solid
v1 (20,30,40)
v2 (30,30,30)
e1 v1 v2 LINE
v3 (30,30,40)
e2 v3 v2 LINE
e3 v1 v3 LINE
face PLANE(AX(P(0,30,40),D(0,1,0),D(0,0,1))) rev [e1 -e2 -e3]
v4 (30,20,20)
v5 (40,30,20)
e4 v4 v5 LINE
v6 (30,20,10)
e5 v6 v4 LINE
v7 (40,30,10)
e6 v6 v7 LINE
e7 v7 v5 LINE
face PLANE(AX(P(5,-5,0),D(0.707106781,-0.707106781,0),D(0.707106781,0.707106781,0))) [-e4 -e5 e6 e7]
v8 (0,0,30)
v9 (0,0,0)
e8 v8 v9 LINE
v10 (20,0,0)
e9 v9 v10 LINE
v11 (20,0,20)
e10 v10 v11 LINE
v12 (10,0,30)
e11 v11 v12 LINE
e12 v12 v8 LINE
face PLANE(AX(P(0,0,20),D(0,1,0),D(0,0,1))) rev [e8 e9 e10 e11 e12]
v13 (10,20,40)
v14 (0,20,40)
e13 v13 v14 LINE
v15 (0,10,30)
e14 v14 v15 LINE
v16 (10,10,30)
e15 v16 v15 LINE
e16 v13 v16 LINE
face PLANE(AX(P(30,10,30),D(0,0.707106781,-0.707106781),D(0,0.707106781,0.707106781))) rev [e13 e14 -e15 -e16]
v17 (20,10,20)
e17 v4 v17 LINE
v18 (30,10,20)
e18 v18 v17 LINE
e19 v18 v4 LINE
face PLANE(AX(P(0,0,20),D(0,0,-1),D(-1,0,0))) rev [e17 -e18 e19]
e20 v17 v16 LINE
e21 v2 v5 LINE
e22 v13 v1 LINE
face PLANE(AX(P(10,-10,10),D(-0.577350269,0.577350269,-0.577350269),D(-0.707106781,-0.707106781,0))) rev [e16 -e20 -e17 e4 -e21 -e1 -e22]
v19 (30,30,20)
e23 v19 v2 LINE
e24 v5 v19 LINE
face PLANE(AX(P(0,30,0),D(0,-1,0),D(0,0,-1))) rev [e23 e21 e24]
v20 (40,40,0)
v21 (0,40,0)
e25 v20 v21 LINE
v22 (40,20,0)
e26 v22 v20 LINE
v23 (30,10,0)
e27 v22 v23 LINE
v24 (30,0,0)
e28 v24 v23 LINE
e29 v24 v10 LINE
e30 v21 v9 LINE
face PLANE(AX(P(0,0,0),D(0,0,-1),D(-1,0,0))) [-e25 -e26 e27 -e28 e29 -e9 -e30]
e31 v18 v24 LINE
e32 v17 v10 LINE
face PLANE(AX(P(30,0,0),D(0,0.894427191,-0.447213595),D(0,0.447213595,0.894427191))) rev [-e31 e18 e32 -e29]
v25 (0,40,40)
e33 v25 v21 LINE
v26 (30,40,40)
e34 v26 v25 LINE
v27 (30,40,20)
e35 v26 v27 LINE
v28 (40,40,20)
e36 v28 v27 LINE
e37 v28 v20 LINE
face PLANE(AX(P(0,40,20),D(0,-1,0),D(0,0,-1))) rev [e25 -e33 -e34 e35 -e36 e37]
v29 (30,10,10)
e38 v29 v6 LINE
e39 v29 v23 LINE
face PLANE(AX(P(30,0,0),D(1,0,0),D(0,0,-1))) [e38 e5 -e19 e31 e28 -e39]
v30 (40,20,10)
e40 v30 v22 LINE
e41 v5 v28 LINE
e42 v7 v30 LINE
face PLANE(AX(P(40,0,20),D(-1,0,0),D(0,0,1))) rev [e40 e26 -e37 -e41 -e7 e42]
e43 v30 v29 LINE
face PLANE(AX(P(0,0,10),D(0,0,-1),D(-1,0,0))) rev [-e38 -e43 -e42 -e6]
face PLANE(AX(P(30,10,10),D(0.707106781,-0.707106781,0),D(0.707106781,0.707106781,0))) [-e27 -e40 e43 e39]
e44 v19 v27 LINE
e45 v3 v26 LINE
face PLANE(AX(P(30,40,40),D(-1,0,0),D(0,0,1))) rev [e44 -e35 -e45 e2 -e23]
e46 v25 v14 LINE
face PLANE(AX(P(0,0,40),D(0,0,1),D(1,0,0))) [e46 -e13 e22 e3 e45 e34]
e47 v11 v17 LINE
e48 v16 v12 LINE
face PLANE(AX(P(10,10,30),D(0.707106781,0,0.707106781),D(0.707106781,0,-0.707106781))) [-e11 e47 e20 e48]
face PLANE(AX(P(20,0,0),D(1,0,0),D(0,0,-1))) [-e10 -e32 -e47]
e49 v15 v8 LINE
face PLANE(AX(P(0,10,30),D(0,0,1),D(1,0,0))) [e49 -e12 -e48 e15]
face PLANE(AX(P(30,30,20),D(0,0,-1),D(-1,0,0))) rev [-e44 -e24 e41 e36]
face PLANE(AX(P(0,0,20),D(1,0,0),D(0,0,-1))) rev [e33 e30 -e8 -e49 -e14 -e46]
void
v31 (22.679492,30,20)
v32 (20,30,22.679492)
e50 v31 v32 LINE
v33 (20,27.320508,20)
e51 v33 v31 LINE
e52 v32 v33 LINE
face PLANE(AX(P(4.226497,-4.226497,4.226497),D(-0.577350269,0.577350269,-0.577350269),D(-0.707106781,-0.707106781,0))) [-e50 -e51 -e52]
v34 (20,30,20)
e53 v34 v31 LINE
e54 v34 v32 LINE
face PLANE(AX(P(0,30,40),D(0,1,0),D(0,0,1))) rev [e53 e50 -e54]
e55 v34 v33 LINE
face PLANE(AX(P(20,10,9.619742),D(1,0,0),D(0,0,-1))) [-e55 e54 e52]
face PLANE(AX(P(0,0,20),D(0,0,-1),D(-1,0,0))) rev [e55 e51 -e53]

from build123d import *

# Parameters (mm, degrees)
SKETCH1_W            = 40
SKETCH1_H            = 40
BOSS_EXTRUDE1_DEPTH  = 20
CUT_EXTRUDE1_DEPTH   = 20
BOSS_EXTRUDE2_DEPTH  = 10
BOSS_EXTRUDE3_DEPTH  = 10
SKETCH5_W            = 10
SKETCH5_H            = 12.477634561
BOSS_EXTRUDE4_DEPTH  = 20
BOSS_EXTRUDE5_DEPTH  = 10
SKETCH7_W            = 30
SKETCH7_H            = 10
BOSS_EXTRUDE6_DEPTH  = 20
BOSS_EXTRUDE7_DEPTH  = 10
BOSS_EXTRUDE8_DEPTH  = 20
SKETCH13_W           = 10
SKETCH13_H           = 10
BOSS_EXTRUDE10_DEPTH = 10
BOSS_EXTRUDE13_DEPTH = 10
SKETCH15_W           = 20
SKETCH15_H           = 30.380258446
BOSS_EXTRUDE15_DEPTH = 30
CUT_EXTRUDE2_DEPTH   = 30
CUT_EXTRUDE3_DEPTH   = 30
CUT_EXTRUDE4_DEPTH   = 30
CUT_EXTRUDE5_DEPTH   = 30
BOSS_EXTRUDE16_DEPTH = 10
CUT_EXTRUDE6_DEPTH   = 10
SKETCH25_W           = 10
SKETCH25_H           = 10
CUT_EXTRUDE7_DEPTH   = 10


with BuildPart() as part:
    # Sketch1 → Boss-Extrude1 (new body)
    with BuildSketch(Plane.XY):
        with Locations((20, 20)):
            Rectangle(SKETCH1_W, SKETCH1_H)
    extrude(amount=BOSS_EXTRUDE1_DEPTH)

    # Sketch2 → Cut-Extrude1 (cut)
    with BuildSketch(Plane.XY.offset(20)):
        Polygon((20, 10), (20, 0), (40, 0), (40, 30), align=None)
    extrude(amount=-CUT_EXTRUDE1_DEPTH, mode=Mode.SUBTRACT)

    # Sketch3 → Boss-Extrude2 (add)
    with BuildSketch(Plane.XZ):
        Polygon((20, 20), (0, 20), (0, 30), (10, 30), align=None)
    extrude(amount=-BOSS_EXTRUDE2_DEPTH)

    # Sketch4 → Boss-Extrude3 (add)
    with BuildSketch(Plane(origin=(20, 0, 0), x_dir=(0, 0, -1), z_dir=(1, 0, 0))):
        Polygon((0, 0), (-20, 10), (0, 10), align=None)
    extrude(amount=BOSS_EXTRUDE3_DEPTH)

    # Sketch5 → Boss-Extrude4 (add)
    with BuildSketch(Plane.XY.offset(20)):
        with Locations((25, 16.238817281)):
            Rectangle(SKETCH5_W, SKETCH5_H)
    extrude(amount=-BOSS_EXTRUDE4_DEPTH)

    # Sketch6 → Boss-Extrude5 (add)
    with BuildSketch(Plane(origin=(0, 0, 0), x_dir=(-1, 0, 0), z_dir=(0, 0, -1))):
        Polygon((-30, 10), (-40, 20), (-40, 30), (-30, 20), align=None)
    extrude(amount=-BOSS_EXTRUDE5_DEPTH)

    # Sketch7 → Boss-Extrude6 (add)
    with BuildSketch(Plane.XY.offset(20)):
        with Locations((15, 35)):
            Rectangle(SKETCH7_W, SKETCH7_H)
    extrude(amount=BOSS_EXTRUDE6_DEPTH)

    # Sketch8 → Boss-Extrude7 (add)
    with BuildSketch(Plane.ZY):
        Polygon((40, 30), (40, 20), (30, 10), (20, 10), (20, 30), align=None)
    extrude(amount=-BOSS_EXTRUDE7_DEPTH)

    # Sketch9 → Boss-Extrude8 (add)
    with BuildSketch(Plane.XY.offset(40)):
        Polygon((10, 20), (20, 30), (10, 30), align=None)
    extrude(amount=-BOSS_EXTRUDE8_DEPTH)

    # Sketch13 → Boss-Extrude10 (add)
    with BuildSketch(Plane(origin=(0, 40, 0), x_dir=(1, 0, 0), z_dir=(0, 1, 0))):
        with Locations((35, -25)):
            Rectangle(SKETCH13_W, SKETCH13_H)
    extrude(amount=-BOSS_EXTRUDE10_DEPTH)

    # Sketch12 → Boss-Extrude13 (add)
    with BuildSketch(Plane(origin=(10, -10, 10), x_dir=(-0.816496581, -0.40824829, 0.40824829), z_dir=(-0.577350269, 0.577350269, -0.577350269))):
        Polygon((-12.247448714, 21.213203436), (0, 42.426406871), (-12.247448714, 49.497474683), (-24.494897428, 28.284271247), align=None)
    extrude(amount=BOSS_EXTRUDE13_DEPTH)

    # Sketch15 → Boss-Extrude15 (add)
    with BuildSketch(Plane(origin=(0, 40, 0), x_dir=(1, 0, 0), z_dir=(0, 1, 0))):
        with Locations((10, -24.809870777)):
            Rectangle(SKETCH15_W, SKETCH15_H)
    extrude(amount=-BOSS_EXTRUDE15_DEPTH)

    # Sketch17 → Cut-Extrude2 (cut)
    with BuildSketch(Plane(origin=(10, -10, 10), x_dir=(-0.816496581, -0.40824829, 0.40824829), z_dir=(-0.577350269, 0.577350269, -0.577350269))):
        Polygon((-12.247448714, 49.497474683), (0, 42.426406871), (-12.247448714, 21.213203436), align=None)
    extrude(amount=-CUT_EXTRUDE2_DEPTH, mode=Mode.SUBTRACT)

    # Sketch18 → Cut-Extrude3 (cut)
    with BuildSketch(Plane(origin=(10, -10, 10), x_dir=(-0.816496581, -0.40824829, 0.40824829), z_dir=(-0.577350269, 0.577350269, -0.577350269))):
        Polygon((0, 42.426406871), (0, 28.284271247), (-12.247448714, 21.213203436), align=None)
    extrude(amount=-CUT_EXTRUDE3_DEPTH, mode=Mode.SUBTRACT)

    # Sketch20 → Cut-Extrude4 (cut)
    with BuildSketch(Plane(origin=(0, 0, 0), x_dir=(-0.365148372, -0.182574186, -0.912870929), z_dir=(0.816496581, 0.40824829, -0.40824829))):
        Polygon((-32.86335345, 4.472135955), (-43.8178046, 2.236067977), (-43.8178046, 13.416407865), align=None)
    extrude(amount=-CUT_EXTRUDE4_DEPTH, mode=Mode.SUBTRACT)

    # Sketch21 → Cut-Extrude5 (cut)
    with BuildSketch(Plane.ZY):
        Polygon((30, 10), (40, 20), (40, 10), align=None)
    extrude(amount=-CUT_EXTRUDE5_DEPTH, mode=Mode.SUBTRACT)

    # Sketch23 → Boss-Extrude16 (add)
    with BuildSketch(Plane(origin=(10, -10, 10), x_dir=(-0.816496581, -0.40824829, 0.40824829), z_dir=(-0.577350269, 0.577350269, -0.577350269))):
        Polygon((-12.247448714, 49.497474683), (-24.494897428, 28.284271247), (-36.742346142, 35.355339059), align=None)
    extrude(amount=BOSS_EXTRUDE16_DEPTH)

    # Sketch24 → Cut-Extrude6 (cut)
    with BuildSketch(Plane(origin=(0, 40, 0), x_dir=(1, 0, 0), z_dir=(0, 1, 0))):
        Polygon((30, -30), (40, -20), (40, -30), align=None)
    extrude(amount=-CUT_EXTRUDE6_DEPTH, mode=Mode.SUBTRACT)

    # Sketch25 → Cut-Extrude7 (cut)
    with BuildSketch(Plane(origin=(0, 40, 0), x_dir=(1, 0, 0), z_dir=(0, 1, 0))):
        with Locations((35, -25)):
            Rectangle(SKETCH25_W, SKETCH25_H)
    extrude(amount=-CUT_EXTRUDE7_DEPTH, mode=Mode.SUBTRACT)


solid = part.part
